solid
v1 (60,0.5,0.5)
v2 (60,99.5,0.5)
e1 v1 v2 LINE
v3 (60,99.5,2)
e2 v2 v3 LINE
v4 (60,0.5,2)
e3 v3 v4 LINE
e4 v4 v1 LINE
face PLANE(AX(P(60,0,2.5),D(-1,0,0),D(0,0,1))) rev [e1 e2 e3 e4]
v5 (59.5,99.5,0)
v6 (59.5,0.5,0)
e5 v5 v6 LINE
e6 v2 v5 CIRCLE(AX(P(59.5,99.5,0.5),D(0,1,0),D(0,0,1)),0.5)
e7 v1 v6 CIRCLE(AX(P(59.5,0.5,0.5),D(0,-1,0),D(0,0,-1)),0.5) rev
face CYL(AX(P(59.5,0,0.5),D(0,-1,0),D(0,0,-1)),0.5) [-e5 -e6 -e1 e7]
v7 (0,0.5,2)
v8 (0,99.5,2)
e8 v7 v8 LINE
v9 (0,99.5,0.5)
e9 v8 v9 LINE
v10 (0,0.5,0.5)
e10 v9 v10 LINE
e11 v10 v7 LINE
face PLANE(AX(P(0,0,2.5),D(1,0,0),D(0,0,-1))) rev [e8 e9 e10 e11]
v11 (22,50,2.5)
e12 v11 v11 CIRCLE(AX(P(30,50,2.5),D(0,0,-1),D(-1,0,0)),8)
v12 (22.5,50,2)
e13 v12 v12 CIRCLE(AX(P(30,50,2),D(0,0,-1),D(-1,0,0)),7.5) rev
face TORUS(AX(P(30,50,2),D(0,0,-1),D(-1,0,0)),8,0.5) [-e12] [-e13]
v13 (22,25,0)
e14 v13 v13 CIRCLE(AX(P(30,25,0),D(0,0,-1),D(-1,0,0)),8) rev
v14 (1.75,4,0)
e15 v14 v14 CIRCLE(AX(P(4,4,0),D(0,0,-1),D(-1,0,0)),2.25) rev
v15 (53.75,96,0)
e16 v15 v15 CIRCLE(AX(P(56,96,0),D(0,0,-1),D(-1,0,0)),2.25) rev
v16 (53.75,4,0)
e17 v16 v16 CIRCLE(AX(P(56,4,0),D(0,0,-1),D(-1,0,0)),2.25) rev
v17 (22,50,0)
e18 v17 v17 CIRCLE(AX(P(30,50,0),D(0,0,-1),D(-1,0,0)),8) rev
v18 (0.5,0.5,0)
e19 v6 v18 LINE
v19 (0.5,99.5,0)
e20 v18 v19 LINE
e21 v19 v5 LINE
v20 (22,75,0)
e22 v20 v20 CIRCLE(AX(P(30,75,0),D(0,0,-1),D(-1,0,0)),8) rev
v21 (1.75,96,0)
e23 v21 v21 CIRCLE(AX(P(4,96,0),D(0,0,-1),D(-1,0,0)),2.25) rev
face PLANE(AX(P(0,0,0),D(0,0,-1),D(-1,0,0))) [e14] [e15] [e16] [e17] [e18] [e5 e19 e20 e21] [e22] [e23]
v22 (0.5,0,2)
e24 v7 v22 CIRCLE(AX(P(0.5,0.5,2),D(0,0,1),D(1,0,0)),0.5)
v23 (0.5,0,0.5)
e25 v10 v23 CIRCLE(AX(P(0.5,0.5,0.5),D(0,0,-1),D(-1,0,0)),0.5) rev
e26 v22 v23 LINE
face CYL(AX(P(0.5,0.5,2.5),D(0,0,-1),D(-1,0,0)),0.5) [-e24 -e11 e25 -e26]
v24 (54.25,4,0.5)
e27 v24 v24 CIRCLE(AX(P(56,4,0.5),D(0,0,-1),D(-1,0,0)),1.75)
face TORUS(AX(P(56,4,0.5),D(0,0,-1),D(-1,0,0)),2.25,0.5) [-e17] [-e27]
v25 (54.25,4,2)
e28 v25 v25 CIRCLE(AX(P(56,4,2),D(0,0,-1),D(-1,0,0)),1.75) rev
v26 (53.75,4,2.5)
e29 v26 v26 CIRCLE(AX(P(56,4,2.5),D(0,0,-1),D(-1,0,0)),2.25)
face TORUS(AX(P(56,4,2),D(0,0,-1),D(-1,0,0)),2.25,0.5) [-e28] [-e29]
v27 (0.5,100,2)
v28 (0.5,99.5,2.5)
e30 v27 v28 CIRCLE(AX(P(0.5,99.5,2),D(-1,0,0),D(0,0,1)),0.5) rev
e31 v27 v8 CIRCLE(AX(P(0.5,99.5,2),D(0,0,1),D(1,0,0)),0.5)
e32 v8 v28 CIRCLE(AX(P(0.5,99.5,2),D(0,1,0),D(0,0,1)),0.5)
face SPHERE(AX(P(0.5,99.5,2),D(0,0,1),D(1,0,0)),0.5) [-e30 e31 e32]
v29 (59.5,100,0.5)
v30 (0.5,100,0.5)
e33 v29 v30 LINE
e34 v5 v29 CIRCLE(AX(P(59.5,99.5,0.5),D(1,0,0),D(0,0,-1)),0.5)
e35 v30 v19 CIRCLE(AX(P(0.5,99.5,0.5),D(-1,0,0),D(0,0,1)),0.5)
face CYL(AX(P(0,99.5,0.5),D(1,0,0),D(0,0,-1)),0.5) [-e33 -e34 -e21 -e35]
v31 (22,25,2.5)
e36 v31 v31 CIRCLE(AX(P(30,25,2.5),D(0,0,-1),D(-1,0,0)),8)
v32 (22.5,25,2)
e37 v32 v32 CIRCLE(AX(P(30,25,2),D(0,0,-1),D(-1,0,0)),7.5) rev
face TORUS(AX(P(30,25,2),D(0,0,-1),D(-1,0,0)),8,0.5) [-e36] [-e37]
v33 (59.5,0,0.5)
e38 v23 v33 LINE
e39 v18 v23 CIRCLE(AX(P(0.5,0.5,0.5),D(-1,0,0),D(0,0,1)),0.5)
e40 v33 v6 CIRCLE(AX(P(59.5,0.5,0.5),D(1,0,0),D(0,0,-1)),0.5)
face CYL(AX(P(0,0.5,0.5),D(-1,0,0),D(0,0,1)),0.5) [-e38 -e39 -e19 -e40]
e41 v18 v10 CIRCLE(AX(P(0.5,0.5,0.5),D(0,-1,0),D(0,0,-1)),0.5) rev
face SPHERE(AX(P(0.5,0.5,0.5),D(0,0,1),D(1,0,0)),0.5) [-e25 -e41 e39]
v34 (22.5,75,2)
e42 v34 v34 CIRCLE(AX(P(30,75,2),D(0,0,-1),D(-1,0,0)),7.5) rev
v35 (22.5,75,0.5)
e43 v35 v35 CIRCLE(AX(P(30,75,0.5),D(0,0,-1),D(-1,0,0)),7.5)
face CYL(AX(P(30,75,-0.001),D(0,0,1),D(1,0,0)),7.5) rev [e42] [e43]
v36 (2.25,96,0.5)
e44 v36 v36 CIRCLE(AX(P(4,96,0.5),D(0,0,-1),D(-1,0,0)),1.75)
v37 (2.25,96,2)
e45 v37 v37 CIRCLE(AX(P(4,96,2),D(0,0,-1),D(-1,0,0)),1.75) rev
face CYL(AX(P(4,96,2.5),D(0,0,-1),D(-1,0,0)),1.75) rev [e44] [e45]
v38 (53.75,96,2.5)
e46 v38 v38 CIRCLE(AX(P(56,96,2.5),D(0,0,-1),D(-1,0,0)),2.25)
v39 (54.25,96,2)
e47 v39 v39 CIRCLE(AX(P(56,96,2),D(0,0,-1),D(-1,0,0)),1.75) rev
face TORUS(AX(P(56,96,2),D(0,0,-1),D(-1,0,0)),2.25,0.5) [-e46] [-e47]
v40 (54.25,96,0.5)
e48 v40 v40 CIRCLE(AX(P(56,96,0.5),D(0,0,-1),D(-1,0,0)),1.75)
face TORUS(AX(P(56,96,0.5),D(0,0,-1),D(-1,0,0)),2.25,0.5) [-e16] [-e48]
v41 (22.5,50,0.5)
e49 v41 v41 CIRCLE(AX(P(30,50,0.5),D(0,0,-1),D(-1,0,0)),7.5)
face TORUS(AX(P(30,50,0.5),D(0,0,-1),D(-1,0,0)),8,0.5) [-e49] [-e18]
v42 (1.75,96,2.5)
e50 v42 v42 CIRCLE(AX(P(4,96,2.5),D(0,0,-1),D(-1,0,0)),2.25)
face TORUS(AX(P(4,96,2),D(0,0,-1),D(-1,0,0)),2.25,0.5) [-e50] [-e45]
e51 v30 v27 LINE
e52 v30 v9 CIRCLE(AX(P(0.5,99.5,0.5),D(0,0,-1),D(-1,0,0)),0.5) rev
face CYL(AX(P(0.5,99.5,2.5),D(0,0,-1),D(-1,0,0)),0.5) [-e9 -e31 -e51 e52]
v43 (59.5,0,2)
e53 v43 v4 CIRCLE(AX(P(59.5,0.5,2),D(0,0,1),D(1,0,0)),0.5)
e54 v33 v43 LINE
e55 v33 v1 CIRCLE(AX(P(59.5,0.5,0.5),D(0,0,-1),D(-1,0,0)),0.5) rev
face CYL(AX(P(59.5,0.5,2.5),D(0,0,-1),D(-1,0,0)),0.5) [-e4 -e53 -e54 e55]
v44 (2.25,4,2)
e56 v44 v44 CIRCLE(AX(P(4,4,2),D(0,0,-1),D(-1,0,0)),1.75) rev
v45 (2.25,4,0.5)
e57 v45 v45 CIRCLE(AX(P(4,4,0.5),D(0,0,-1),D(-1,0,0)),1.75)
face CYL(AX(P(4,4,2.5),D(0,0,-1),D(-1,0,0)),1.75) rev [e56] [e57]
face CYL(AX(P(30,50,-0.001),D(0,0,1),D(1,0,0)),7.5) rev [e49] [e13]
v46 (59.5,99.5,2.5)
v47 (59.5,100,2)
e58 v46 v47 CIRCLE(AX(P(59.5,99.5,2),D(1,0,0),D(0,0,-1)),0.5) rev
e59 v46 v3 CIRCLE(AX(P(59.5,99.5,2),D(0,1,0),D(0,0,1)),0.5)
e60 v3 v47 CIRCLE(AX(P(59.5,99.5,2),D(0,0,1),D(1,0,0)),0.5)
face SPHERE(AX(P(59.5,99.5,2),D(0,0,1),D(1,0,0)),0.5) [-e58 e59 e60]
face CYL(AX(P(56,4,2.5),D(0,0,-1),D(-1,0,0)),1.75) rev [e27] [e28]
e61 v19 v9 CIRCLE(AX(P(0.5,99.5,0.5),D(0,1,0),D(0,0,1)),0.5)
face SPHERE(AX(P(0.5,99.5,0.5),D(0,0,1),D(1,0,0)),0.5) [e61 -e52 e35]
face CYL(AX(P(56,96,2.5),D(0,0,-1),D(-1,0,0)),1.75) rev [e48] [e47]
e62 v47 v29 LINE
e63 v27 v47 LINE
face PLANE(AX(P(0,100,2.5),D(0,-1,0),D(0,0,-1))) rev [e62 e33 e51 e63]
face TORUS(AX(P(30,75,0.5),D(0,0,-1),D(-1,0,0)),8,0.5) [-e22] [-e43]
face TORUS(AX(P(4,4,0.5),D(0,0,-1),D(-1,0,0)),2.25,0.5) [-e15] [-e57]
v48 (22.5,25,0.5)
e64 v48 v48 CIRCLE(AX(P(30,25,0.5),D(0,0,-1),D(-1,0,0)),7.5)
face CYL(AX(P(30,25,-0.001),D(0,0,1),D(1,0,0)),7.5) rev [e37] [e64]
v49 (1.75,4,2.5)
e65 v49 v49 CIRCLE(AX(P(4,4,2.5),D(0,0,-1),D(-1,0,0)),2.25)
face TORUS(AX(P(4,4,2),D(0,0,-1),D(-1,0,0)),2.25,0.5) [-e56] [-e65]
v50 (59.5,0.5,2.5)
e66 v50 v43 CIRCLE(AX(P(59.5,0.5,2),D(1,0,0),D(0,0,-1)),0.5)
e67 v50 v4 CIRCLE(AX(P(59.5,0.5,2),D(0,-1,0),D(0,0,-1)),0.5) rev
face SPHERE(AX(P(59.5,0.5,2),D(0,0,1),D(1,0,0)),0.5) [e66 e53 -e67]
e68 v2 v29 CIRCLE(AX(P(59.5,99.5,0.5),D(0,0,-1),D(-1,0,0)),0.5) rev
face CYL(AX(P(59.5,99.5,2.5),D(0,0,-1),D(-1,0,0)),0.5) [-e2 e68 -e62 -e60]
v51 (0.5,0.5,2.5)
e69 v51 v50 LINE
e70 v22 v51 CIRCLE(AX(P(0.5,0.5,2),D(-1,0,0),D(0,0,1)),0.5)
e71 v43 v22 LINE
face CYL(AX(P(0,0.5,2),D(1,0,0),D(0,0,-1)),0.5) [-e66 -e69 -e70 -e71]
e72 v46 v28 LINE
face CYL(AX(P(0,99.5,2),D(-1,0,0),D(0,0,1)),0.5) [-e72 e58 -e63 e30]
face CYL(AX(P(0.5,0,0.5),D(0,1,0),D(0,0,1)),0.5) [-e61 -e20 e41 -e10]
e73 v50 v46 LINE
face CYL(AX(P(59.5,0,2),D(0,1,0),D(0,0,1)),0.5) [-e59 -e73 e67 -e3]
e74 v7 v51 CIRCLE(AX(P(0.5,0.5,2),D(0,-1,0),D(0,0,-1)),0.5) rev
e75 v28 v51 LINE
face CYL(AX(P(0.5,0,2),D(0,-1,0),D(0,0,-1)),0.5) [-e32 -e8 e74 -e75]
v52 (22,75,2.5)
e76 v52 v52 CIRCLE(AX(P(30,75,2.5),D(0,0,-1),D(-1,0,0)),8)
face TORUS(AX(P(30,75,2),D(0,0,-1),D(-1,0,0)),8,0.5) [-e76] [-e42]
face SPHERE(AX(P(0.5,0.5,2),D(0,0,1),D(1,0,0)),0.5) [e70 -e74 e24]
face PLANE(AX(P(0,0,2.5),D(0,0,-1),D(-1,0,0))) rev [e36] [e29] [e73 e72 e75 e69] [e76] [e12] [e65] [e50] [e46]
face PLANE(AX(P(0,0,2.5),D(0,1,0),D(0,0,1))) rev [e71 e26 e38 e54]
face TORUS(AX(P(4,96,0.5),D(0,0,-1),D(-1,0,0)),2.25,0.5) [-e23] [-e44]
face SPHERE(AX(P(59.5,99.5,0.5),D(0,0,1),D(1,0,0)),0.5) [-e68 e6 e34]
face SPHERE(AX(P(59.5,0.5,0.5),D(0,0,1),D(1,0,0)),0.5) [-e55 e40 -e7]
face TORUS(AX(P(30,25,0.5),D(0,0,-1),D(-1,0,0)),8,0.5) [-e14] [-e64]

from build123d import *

# Parameters (mm, degrees)
CROQUIS1_W              = 60
CROQUIS1_H              = 100
CROQUIS1_R              = 1.75
SALIENTE_EXTRUIR1_DEPTH = 2.5
CORTAR_EXTRUIR1_REACH   = 118.646
CROQUIS3_R              = 7.5
REDONDEO1_R             = 0.5


with BuildPart() as part:
    # Croquis1 → Saliente-Extruir1 (new body)
    with BuildSketch(Plane.XY):
        with Locations((30, 50)):
            Rectangle(CROQUIS1_W, CROQUIS1_H)
        with Locations((4, 96)):
            Circle(CROQUIS1_R, mode=Mode.SUBTRACT)
        with Locations((4, 4)):
            Circle(CROQUIS1_R, mode=Mode.SUBTRACT)
        with Locations((56, 4)):
            Circle(CROQUIS1_R, mode=Mode.SUBTRACT)
        with Locations((56, 96)):
            Circle(CROQUIS1_R, mode=Mode.SUBTRACT)
    extrude(amount=SALIENTE_EXTRUIR1_DEPTH)

    # Croquis3 → Cortar-Extruir1 (cut, up to next)
    with BuildSketch(Plane.XY.offset(2.5), mode=Mode.PRIVATE) as cortar_extruir1_sk1:
        with Locations((30, 50)):
            Circle(CROQUIS3_R)
    cortar_extruir1_tool1 = extrude(cortar_extruir1_sk1.sketch, amount=-CORTAR_EXTRUIR1_REACH, mode=Mode.PRIVATE) & part.part
    # Croquis3 → Cortar-Extruir1 (cut, up to next)
    with BuildSketch(Plane.XY.offset(2.5), mode=Mode.PRIVATE) as cortar_extruir1_sk2:
        with Locations((30, 75)):
            Circle(CROQUIS3_R)
    cortar_extruir1_tool2 = extrude(cortar_extruir1_sk2.sketch, amount=-CORTAR_EXTRUIR1_REACH, mode=Mode.PRIVATE) & part.part
    # Croquis3 → Cortar-Extruir1 (cut, up to next)
    with BuildSketch(Plane.XY.offset(2.5), mode=Mode.PRIVATE) as cortar_extruir1_sk3:
        with Locations((30, 25)):
            Circle(CROQUIS3_R)
    cortar_extruir1_tool3 = extrude(cortar_extruir1_sk3.sketch, amount=-CORTAR_EXTRUIR1_REACH, mode=Mode.PRIVATE) & part.part
    add(cortar_extruir1_tool1.solids().sort_by_distance((30, 50, 2.5))[0], mode=Mode.SUBTRACT)
    add(cortar_extruir1_tool2.solids().sort_by_distance((30, 75, 2.5))[0], mode=Mode.SUBTRACT)
    add(cortar_extruir1_tool3.solids().sort_by_distance((30, 25, 2.5))[0], mode=Mode.SUBTRACT)

    # Redondeo1
    redondeo1_edges = [part.edges().sort_by_distance(p)[0] for p in [
        (2.25, 96, 0),
        (2.25, 96, 2.5),
        (60, 50, 2.5),
        (2.25, 4, 0),
        (2.25, 4, 2.5),
        (30, 100, 2.5),
        (54.25, 4, 0),
        (54.25, 4, 2.5),
        (54.25, 96, 0),
        (54.25, 96, 2.5),
        (22.5, 25, 0),
        (22.5, 25, 2.5),
        (22.5, 75, 0),
        (22.5, 75, 2.5),
        (22.5, 50, 0),
        (22.5, 50, 2.5),
        (0, 50, 2.5),
        (30, 100, 0),
        (60, 50, 0),
        (30, 0, 0),
        (0, 50, 0),
        (0, 100, 1.25),
        (60, 100, 1.25),
        (60, 0, 1.25),
        (0, 0, 1.25),
        (30, 0, 2.5),
    ]]
    fillet(redondeo1_edges, radius=REDONDEO1_R)


solid = part.part
